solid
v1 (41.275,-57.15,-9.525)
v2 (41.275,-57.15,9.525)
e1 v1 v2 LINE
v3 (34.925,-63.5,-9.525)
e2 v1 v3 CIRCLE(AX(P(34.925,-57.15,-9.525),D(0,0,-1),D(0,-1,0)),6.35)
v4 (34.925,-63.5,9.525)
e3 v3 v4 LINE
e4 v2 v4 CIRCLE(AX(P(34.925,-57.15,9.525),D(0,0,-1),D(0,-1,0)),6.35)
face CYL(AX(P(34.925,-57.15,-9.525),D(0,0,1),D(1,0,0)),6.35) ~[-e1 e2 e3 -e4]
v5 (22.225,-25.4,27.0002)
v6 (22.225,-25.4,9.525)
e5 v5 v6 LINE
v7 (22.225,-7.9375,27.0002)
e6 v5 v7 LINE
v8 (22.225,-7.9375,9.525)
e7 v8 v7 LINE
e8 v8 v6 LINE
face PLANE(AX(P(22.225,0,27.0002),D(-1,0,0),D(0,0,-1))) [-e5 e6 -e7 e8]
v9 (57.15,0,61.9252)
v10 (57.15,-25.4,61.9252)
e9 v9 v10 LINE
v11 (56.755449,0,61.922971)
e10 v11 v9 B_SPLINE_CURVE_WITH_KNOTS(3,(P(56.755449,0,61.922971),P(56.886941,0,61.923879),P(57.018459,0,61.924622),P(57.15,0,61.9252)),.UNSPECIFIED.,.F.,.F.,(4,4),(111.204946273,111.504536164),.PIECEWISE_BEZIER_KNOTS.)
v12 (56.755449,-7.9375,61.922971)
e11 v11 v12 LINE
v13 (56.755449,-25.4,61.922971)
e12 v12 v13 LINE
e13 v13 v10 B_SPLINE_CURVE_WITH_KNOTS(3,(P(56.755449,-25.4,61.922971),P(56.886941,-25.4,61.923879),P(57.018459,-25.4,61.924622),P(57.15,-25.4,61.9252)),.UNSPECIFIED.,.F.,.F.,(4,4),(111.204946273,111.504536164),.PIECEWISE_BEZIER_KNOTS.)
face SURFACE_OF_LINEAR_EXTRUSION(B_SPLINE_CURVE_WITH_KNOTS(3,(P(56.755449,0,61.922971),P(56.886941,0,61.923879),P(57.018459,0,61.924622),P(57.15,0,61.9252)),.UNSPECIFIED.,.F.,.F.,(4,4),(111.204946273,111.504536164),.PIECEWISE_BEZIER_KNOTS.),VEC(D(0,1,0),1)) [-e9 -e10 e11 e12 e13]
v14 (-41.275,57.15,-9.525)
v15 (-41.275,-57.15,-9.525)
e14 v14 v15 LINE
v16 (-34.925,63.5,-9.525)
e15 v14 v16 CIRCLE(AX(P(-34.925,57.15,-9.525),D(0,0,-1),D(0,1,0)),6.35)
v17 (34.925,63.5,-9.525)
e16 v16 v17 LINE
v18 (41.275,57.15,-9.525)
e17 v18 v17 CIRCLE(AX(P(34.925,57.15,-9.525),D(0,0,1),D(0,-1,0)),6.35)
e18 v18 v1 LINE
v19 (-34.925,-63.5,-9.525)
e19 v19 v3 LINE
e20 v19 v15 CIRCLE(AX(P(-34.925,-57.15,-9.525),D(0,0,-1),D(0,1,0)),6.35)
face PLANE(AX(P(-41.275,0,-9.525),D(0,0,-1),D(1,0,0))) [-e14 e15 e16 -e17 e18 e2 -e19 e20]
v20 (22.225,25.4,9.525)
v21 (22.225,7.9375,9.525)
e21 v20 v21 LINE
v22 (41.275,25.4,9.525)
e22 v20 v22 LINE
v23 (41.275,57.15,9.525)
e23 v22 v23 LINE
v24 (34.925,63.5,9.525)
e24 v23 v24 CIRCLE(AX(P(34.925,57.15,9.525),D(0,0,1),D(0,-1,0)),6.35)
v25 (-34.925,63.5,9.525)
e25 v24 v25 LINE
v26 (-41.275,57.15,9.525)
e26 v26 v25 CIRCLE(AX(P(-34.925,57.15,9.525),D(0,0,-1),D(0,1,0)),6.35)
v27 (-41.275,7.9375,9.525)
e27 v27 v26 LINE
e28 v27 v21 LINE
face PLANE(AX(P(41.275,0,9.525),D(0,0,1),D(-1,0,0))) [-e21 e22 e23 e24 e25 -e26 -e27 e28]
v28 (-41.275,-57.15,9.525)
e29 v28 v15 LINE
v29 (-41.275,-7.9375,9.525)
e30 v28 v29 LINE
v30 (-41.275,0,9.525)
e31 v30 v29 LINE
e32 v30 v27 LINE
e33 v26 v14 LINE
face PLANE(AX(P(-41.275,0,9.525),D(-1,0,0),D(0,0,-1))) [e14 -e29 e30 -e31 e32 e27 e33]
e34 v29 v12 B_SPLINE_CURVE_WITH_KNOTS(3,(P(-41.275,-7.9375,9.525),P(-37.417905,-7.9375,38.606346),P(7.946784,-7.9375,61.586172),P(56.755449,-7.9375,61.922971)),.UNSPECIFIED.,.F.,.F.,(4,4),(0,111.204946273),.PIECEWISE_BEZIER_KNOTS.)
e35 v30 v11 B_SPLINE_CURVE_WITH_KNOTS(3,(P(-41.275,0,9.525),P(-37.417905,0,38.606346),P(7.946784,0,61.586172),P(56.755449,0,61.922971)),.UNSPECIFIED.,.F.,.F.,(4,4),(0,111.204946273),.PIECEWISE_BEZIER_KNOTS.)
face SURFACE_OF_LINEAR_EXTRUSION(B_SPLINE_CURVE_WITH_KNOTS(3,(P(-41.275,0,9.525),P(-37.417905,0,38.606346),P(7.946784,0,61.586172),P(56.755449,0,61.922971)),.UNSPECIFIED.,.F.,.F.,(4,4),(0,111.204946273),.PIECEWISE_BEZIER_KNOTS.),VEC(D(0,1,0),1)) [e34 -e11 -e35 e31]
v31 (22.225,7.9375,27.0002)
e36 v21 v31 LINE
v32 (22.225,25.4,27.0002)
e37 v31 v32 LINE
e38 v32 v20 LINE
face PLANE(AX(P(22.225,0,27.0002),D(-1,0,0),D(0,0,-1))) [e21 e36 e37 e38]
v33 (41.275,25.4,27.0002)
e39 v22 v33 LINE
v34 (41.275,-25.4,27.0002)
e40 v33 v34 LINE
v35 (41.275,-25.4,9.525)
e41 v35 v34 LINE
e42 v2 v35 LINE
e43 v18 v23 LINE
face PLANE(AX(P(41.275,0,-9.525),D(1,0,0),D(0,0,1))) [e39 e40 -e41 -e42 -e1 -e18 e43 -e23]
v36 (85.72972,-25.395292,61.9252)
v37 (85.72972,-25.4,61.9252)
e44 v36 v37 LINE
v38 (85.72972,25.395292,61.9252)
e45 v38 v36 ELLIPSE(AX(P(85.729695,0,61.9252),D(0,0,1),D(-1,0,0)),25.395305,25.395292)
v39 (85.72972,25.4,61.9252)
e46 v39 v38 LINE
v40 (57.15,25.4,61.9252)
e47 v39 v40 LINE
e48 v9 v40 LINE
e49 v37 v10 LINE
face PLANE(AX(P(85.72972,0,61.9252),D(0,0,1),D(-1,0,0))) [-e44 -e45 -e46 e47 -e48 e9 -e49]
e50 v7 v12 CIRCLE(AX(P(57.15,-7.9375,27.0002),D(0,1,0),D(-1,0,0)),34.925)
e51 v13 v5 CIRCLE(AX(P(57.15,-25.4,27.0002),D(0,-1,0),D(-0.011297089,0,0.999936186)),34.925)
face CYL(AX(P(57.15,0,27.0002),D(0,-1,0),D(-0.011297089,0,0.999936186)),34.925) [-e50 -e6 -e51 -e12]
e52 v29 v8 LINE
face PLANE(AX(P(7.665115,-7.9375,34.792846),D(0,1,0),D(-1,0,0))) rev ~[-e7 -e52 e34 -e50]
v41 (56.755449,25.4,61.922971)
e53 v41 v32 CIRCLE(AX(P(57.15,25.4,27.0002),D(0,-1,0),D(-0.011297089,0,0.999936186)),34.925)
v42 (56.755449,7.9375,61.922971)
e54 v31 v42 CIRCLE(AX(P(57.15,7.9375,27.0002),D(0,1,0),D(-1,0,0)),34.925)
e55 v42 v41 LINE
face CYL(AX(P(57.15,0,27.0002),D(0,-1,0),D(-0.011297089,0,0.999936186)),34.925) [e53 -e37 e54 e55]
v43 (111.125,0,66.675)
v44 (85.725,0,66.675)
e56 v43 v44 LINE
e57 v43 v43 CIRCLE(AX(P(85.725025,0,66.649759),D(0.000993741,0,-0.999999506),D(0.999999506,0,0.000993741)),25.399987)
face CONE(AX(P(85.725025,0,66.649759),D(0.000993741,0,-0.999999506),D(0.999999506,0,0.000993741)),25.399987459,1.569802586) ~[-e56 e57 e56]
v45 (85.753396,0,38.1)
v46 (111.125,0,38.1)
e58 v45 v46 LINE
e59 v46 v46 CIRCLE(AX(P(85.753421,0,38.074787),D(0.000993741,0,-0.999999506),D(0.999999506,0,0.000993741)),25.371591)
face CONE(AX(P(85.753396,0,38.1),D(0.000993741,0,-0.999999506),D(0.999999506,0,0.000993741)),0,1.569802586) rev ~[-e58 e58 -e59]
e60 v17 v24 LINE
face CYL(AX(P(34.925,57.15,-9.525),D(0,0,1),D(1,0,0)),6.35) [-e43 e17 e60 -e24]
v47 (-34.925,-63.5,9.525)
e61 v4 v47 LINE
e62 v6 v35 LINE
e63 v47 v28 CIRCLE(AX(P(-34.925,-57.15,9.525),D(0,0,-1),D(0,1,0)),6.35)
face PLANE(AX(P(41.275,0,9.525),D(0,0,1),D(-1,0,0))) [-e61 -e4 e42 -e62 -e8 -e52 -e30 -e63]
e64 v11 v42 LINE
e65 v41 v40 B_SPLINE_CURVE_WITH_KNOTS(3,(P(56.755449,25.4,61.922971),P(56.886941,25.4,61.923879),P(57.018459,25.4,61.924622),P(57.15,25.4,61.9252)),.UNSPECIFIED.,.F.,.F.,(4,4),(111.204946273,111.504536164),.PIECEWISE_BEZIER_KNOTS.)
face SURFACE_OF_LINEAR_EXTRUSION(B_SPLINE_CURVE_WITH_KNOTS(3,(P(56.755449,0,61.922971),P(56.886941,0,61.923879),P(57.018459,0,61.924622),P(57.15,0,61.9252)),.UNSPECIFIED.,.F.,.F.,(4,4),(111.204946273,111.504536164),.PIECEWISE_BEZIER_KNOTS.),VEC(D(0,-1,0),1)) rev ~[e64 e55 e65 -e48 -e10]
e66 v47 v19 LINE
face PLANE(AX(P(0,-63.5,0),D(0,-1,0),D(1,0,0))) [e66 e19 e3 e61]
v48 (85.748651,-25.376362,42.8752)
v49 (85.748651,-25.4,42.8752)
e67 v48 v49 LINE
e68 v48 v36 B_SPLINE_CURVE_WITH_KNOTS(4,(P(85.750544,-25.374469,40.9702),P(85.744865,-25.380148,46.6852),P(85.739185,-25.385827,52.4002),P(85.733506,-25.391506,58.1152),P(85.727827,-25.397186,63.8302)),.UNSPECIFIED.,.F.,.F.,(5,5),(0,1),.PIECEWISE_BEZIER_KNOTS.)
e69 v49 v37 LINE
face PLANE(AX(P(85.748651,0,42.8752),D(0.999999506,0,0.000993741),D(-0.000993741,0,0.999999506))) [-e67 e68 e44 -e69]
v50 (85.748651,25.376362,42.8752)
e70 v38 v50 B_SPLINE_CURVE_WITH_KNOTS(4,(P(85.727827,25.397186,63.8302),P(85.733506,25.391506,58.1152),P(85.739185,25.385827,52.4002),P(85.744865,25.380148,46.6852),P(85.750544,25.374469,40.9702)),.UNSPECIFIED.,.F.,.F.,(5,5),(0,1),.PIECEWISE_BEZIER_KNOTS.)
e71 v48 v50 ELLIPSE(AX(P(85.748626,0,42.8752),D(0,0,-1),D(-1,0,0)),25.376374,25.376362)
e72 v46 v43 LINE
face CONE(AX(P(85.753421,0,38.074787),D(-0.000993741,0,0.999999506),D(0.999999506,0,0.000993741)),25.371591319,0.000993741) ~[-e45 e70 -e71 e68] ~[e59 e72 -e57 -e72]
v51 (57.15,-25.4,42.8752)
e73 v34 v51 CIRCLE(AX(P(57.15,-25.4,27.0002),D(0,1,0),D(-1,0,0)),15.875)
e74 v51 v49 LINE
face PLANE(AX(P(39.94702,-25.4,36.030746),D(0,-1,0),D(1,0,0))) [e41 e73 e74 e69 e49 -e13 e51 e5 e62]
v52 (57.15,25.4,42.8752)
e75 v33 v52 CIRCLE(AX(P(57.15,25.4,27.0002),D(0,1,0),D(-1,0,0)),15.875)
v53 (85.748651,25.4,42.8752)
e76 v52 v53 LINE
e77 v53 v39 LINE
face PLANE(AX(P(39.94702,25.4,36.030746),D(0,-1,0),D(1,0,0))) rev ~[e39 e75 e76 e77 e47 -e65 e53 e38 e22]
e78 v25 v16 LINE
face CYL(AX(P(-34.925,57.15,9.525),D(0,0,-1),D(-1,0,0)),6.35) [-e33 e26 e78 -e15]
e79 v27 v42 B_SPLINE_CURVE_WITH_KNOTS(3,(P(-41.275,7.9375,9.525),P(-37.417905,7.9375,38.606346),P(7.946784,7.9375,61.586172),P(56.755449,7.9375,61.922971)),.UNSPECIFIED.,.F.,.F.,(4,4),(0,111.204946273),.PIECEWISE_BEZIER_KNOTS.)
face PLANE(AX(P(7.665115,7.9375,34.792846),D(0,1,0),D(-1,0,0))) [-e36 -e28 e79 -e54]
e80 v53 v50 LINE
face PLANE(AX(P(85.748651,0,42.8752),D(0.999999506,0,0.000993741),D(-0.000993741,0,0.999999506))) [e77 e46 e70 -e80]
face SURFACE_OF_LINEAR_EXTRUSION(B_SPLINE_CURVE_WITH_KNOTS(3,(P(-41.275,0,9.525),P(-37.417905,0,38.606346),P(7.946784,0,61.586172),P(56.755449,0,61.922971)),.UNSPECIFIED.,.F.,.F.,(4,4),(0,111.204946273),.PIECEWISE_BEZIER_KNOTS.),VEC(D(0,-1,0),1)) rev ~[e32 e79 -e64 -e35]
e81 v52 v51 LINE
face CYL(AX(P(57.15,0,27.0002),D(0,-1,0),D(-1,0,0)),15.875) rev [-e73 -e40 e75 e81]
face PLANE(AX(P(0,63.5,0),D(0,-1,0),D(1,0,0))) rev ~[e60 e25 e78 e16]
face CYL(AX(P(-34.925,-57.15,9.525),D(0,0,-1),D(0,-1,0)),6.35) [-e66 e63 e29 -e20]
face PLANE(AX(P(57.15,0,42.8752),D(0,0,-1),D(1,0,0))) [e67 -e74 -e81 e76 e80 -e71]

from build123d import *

# Parameters (mm, degrees)
F1_DEPTH = 63.5
F2_DEPTH = 25.4
F3_DEPTH = 7.9375
F5_R     = 6.35


with BuildPart() as f1:
    # F0 (on Front) → F1 (new body, symmetric)
    with BuildSketch(Plane.XZ):
        Polygon((22.225, 9.525), (-41.275, 9.525), (-41.275, -9.525), (41.275, -9.525), (41.275, 9.525), align=None)
    extrude(amount=F1_DEPTH, both=True)

    # F0 (on Front) → F2 (join, symmetric)
    with BuildSketch(Plane.XZ):
        with BuildLine():
            Line((22.225, 27.0002), (22.225, 9.525))
            Line((22.225, 9.525), (41.275, 9.525))
            Line((41.275, 9.525), (41.275, 27.0002))
            ThreePointArc((41.275, 27.0002), (45.9246798487, 38.2255201513), (57.15, 42.8752))
            Line((57.15, 42.8752), (60.325, 42.8752))
            Line((60.325, 42.8752), (60.325, 61.9252))
            Line((60.325, 61.9252), (57.15, 61.9252))
            add(Edge.make_bspline(
                [(56.7554491642, 61.9229712909), (56.8869413618, 61.9238786407), (57.0184585552, 61.9246216516), (57.15, 61.9252)],
                knots=[111.2049462729, 111.2049462729, 111.2049462729, 111.2049462729, 111.5045361635, 111.5045361635, 111.5045361635, 111.5045361635], degree=3))
            ThreePointArc((56.7554491642, 61.9229712909), (32.3151926428, 51.5560133347), (22.225, 27.0002))
        make_face()
        Polygon((85.7297200717, 61.9252), (60.325, 61.9252), (60.325, 42.8752), (85.7486508407, 42.8752), align=None)
    extrude(amount=F2_DEPTH, both=True)

    # F0 (on Front) → F3 (join, symmetric)
    with BuildSketch(Plane.XZ):
        with BuildLine():
            add(Edge.make_bspline(
                [(-41.275, 9.525), (-37.4179048528, 38.6063461027), (7.9467836295, 61.5861715867), (56.7554491642, 61.9229712909)],
                knots=[0, 0, 0, 0, 111.2049462729, 111.2049462729, 111.2049462729, 111.2049462729], degree=3))
            Line((-41.275, 9.525), (22.225, 9.525))
            Line((22.225, 9.525), (22.225, 27.0002))
            ThreePointArc((22.225, 27.0002), (32.3151926428, 51.5560133347), (56.7554491642, 61.9229712909))
        make_face()
    extrude(amount=F3_DEPTH, both=True)

    # F0 (on Front) → F4 (revolve)
    with BuildSketch(Plane.XZ):
        Polygon((85.725, 66.675), (85.7297200717, 61.9252), (85.7486508407, 42.8752), (85.7533961535, 38.1), (111.125, 38.1), (111.125, 66.675), align=None)
    revolve(axis=Axis((85.7391980767, 0, 52.3875), (0.0009937407, 0, -0.9999995062)))

    # F5
    f5_edges = [f1.edges().sort_by_distance(p)[0] for p in [
        (41.275, 63.5, 0),
        (41.275, -63.5, 0),
        (-41.275, 63.5, 0),
        (-41.275, -63.5, 0),
    ]]
    fillet(f5_edges, radius=F5_R)


solid = f1.part
